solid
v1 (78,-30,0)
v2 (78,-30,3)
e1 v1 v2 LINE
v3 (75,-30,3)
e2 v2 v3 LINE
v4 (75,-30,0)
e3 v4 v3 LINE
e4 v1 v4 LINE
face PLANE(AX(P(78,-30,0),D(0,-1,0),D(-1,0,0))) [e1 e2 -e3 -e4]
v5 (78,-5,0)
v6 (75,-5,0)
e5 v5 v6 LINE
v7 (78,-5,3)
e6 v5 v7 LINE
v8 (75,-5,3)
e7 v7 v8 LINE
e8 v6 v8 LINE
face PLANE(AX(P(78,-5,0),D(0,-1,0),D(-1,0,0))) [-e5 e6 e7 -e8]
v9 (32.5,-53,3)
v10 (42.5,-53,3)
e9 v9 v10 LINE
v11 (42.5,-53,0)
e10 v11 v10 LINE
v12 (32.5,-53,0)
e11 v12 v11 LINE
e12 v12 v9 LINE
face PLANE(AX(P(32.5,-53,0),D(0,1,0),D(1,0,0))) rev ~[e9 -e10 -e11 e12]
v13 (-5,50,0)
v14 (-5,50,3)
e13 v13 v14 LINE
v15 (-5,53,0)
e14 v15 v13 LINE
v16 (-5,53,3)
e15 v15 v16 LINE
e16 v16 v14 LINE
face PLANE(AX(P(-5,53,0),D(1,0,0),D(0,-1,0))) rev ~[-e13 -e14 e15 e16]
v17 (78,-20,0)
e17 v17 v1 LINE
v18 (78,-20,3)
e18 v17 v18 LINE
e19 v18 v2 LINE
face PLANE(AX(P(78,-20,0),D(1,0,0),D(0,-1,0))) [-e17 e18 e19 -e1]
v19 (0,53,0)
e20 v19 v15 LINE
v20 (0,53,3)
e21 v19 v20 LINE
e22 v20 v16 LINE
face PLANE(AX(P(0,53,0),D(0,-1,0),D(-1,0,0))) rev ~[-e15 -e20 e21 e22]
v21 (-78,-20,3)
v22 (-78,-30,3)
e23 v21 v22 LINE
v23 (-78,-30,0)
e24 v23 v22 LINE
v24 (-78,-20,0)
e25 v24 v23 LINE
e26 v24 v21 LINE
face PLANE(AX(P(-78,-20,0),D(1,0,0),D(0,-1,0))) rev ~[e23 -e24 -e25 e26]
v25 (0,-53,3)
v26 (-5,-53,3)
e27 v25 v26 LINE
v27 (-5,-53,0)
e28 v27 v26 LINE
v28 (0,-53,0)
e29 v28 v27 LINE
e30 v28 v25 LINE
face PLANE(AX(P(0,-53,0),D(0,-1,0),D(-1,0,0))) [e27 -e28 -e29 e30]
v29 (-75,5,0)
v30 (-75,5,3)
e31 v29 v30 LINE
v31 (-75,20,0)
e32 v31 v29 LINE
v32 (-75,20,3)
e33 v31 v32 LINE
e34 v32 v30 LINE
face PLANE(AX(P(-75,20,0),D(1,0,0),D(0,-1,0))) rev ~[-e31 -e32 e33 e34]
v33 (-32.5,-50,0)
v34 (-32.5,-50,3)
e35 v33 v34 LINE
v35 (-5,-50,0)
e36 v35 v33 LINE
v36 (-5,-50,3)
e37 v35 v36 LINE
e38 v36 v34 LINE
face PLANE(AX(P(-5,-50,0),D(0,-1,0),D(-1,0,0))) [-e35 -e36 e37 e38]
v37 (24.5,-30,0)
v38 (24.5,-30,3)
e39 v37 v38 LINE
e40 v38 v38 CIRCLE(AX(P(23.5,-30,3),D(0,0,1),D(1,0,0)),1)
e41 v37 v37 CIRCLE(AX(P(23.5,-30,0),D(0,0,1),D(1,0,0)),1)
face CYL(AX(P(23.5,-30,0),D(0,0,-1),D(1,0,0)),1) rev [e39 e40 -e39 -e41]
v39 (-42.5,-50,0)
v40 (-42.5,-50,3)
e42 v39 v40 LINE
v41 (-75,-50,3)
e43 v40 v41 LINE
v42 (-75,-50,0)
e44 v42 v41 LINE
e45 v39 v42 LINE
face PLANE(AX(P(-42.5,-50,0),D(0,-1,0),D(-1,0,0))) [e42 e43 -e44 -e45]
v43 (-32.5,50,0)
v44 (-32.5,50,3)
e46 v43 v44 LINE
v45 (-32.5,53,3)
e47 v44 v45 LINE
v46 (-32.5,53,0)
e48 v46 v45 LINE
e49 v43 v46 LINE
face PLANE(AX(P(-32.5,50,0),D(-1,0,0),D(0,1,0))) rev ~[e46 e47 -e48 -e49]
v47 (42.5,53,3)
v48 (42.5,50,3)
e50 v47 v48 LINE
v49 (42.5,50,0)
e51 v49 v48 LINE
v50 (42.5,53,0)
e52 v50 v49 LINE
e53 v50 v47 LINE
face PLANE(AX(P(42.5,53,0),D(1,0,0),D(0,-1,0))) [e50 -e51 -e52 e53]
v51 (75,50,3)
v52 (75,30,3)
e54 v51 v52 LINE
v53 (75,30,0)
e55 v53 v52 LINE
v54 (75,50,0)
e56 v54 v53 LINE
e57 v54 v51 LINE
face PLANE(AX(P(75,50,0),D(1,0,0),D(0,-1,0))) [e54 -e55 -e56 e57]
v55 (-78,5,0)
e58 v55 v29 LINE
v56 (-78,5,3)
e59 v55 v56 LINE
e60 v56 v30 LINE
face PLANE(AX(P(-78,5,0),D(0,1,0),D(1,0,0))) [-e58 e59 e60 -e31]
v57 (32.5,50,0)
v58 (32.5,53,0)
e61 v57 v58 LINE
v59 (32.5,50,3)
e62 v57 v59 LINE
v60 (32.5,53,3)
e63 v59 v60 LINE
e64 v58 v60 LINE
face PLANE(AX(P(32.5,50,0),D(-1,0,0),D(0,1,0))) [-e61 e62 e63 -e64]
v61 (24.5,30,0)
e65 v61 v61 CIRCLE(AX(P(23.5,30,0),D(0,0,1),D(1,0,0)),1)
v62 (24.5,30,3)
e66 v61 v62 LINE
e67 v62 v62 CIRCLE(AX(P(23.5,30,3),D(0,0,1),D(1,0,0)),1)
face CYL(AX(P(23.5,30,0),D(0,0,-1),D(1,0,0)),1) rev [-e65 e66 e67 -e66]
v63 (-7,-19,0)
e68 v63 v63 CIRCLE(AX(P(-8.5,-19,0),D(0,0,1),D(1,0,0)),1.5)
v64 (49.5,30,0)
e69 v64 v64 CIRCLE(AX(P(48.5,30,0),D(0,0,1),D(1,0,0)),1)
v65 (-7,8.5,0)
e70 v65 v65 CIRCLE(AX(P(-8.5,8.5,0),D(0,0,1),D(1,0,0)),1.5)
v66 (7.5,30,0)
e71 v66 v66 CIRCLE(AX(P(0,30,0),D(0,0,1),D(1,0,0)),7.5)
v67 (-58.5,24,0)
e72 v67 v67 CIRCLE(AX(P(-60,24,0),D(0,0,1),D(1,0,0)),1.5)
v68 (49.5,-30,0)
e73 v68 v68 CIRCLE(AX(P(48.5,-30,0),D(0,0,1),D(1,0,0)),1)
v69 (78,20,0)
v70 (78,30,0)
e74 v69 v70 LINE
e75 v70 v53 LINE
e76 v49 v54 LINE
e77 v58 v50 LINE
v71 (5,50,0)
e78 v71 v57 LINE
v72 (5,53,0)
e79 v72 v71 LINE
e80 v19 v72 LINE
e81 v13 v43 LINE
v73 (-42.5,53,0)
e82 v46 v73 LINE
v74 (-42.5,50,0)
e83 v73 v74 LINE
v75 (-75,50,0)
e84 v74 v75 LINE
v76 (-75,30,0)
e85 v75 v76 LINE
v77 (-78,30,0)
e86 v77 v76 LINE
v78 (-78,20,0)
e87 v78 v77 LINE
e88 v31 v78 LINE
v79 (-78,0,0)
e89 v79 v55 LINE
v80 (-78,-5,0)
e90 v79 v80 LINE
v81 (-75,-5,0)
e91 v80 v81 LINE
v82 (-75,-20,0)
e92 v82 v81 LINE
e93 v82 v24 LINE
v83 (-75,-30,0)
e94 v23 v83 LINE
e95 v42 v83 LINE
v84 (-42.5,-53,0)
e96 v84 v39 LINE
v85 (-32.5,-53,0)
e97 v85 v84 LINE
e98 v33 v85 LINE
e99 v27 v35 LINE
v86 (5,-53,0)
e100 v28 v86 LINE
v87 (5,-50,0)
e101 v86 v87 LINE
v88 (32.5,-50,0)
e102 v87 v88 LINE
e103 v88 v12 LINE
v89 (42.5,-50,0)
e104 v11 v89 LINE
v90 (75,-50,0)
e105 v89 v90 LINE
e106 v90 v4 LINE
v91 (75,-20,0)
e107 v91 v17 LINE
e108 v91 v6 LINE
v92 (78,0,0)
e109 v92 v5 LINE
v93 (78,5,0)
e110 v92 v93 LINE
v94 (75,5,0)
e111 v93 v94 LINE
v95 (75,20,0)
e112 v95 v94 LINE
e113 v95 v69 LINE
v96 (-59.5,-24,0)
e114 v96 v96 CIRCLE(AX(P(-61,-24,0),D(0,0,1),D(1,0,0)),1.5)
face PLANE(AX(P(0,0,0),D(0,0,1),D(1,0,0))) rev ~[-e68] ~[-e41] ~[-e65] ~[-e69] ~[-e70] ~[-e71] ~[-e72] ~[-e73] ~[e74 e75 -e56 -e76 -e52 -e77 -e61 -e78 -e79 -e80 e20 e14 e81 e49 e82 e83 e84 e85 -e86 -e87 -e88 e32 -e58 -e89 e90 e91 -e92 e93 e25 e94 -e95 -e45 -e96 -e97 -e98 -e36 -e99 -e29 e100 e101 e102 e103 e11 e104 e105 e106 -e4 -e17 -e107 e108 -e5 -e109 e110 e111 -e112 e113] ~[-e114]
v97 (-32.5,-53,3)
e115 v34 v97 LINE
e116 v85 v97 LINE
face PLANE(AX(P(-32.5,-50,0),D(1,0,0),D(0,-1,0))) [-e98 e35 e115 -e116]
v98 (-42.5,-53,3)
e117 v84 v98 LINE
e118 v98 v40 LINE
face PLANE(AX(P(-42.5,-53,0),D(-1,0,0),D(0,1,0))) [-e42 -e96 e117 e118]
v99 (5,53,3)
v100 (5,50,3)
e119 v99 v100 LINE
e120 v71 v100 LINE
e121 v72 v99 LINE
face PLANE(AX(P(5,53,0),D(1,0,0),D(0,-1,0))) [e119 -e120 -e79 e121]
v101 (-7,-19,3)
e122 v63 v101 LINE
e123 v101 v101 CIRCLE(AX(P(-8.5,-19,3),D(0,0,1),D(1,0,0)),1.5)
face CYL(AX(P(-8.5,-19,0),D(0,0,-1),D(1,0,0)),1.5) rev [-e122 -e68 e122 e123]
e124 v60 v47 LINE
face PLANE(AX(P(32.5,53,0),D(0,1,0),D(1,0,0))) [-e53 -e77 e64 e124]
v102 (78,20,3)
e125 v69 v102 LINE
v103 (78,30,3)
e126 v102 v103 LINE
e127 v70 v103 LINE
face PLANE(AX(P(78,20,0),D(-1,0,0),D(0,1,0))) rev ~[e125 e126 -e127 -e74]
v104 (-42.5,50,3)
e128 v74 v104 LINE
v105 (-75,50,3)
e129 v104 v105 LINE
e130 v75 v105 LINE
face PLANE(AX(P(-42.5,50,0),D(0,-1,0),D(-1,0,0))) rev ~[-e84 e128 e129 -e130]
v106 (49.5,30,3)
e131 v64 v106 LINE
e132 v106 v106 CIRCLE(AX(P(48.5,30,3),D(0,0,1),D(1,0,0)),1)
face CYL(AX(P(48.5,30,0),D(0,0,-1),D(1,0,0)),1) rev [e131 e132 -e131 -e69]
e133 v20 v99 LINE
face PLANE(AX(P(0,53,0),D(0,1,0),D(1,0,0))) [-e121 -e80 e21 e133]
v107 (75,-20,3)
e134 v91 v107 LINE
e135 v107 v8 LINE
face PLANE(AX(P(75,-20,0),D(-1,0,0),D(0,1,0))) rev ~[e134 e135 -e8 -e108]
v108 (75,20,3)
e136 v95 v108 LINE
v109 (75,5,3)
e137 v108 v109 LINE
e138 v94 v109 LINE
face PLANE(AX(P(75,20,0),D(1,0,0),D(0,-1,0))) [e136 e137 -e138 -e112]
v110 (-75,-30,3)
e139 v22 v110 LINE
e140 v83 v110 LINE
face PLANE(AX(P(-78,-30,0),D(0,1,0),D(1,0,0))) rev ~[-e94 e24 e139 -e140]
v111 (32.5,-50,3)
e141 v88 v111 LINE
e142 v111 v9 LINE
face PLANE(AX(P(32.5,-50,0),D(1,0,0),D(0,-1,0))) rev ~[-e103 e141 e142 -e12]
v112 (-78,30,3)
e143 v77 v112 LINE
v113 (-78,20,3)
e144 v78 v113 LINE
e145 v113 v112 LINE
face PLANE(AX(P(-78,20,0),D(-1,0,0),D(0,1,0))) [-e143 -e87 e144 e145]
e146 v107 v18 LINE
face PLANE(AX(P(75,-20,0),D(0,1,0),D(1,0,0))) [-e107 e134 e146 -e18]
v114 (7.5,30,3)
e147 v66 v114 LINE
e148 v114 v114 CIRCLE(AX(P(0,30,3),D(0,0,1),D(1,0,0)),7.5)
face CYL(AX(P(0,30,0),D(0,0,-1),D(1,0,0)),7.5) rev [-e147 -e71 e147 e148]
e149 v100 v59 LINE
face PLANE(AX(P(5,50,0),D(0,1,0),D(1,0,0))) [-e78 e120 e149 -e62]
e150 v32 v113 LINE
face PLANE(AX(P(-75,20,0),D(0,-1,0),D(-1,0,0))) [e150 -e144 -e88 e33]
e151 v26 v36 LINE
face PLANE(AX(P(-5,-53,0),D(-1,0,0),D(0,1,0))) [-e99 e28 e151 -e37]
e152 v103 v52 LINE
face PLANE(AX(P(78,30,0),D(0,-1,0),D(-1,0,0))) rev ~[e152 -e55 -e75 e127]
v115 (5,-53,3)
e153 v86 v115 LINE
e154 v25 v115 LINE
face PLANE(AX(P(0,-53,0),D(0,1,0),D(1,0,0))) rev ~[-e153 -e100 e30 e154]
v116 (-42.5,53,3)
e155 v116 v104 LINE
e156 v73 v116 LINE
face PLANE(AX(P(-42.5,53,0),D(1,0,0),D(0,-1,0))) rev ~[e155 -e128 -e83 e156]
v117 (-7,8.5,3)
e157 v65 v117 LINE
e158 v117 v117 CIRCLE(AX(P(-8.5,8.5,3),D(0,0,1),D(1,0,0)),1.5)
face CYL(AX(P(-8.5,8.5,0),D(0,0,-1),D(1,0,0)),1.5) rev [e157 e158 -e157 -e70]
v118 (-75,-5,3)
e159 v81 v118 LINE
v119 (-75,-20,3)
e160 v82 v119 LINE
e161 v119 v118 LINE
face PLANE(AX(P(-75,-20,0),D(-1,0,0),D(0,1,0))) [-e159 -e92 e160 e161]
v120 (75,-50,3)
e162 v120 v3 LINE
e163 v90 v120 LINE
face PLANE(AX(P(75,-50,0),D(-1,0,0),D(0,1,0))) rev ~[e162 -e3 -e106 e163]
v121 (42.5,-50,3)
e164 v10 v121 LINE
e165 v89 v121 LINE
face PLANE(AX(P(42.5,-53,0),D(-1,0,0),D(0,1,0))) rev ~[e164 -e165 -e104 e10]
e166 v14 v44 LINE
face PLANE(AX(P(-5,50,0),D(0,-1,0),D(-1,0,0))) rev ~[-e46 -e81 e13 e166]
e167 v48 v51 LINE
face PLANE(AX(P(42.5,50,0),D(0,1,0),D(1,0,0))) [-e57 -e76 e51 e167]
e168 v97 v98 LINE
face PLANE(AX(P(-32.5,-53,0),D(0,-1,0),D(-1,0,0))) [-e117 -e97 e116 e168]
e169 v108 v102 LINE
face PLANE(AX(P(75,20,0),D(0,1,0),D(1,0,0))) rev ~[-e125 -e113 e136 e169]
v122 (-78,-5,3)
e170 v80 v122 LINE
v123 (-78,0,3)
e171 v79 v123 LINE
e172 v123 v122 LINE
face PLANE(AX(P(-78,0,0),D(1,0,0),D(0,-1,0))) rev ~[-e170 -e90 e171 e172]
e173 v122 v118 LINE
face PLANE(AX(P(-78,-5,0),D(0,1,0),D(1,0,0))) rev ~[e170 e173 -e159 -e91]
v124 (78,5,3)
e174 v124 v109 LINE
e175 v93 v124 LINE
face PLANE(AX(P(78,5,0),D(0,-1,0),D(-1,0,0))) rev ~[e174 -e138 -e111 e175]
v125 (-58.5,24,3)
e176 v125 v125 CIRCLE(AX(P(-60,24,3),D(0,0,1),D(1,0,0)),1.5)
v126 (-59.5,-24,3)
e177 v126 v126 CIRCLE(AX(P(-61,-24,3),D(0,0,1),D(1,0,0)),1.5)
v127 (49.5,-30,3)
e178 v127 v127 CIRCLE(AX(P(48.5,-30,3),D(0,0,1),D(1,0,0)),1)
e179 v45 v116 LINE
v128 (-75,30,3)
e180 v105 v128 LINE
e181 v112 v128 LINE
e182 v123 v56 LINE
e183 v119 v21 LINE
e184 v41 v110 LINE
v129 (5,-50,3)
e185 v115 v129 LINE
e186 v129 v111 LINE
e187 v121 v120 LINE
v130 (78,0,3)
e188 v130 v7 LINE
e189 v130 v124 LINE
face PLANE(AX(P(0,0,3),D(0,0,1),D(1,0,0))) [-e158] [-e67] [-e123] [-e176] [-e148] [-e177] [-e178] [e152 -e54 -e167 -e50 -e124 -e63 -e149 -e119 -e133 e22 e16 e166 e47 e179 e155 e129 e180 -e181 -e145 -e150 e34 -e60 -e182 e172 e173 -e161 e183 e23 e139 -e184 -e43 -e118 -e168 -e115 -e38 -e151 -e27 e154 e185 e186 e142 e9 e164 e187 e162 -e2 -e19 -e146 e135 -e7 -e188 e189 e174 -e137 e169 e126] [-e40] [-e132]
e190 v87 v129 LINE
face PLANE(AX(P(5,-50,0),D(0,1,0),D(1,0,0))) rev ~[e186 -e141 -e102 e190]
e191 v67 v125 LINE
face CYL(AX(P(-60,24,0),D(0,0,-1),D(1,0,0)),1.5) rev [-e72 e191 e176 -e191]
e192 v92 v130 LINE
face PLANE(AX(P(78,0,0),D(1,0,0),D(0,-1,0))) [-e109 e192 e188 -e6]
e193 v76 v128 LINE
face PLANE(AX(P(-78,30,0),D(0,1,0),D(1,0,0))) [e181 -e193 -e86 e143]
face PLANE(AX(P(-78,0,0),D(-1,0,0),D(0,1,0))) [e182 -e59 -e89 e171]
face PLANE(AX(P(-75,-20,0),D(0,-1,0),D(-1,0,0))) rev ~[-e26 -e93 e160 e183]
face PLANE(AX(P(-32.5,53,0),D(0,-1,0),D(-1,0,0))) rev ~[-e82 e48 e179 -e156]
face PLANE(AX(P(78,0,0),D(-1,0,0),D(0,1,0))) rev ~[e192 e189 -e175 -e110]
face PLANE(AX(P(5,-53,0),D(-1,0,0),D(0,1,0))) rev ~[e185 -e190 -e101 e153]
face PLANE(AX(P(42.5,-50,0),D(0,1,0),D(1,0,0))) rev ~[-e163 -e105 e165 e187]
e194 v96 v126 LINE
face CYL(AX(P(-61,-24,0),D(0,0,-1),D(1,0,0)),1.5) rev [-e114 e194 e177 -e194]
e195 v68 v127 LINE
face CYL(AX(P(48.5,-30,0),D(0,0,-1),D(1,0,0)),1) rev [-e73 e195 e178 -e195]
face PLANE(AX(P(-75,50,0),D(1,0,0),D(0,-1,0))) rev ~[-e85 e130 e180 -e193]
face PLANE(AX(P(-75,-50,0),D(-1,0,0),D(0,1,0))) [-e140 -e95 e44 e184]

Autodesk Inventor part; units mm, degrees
ref_plane "YZ Plane" through (0, 0, 0) normal (1, 0, 0) x (0, 1, 0)
ref_plane "XZ Plane" through (0, 0, 0) normal (0, 1, 0) x (-1, 0, 0)
ref_plane "XY Plane" through (0, 0, 0) normal (0, 0, 1) x (1, 0, 0)
sketch "Эскиз1" plane through (0, 0, 0) normal (0, 0, 1) x (1, 0, 0)
  line L0 (0, 53) -> (5, 53)
  line L1 (5, 53) -> (5, 50)
  line L2 (32.5, 53) -> (42.5, 53)
  line L3 (42.5, 53) -> (42.5, 50)
  line L4 (32.5, 50) -> (32.5, 53)
  line L5 (78, 30) -> (75, 30)
  line L6 (75, 20) -> (78, 20)
  line L7 (78, 20) -> (78, 30)
  line L8 (78, 5) -> (75, 5)
  line L9 (78, 0) -> (78, 5)
  line L10 (5, 50) -> (32.5, 50)
  line L11 (42.5, 50) -> (75, 50)
  line L12 (5, 50) -> (32.5, 50)
  line L13 (42.5, 50) -> (75, 50)
  line L14 (75, 50) -> (75, 30)
  line L15 (75, 20) -> (75, 5)
  line L16 (75, 50) -> (75, 30)
  line L17 (75, 20) -> (75, 5)
  line L18 (0, -53) -> (5, -53)
  line L19 (5, -53) -> (5, -50)
  line L20 (32.5, -53) -> (42.5, -53)
  line L21 (42.5, -53) -> (42.5, -50)
  line L22 (32.5, -50) -> (32.5, -53)
  line L23 (78, -30) -> (75, -30)
  line L24 (75, -20) -> (78, -20)
  line L25 (78, -20) -> (78, -30)
  line L26 (78, -5) -> (75, -5)
  line L27 (78, 0) -> (78, -5)
  line L28 (5, -50) -> (32.5, -50)
  line L29 (42.5, -50) -> (75, -50)
  line L30 (5, -50) -> (32.5, -50)
  line L31 (42.5, -50) -> (75, -50)
  line L32 (75, -50) -> (75, -30)
  line L33 (75, -20) -> (75, -5)
  line L34 (75, -50) -> (75, -30)
  line L35 (75, -20) -> (75, -5)
  line L36 (0, 53) -> (-5, 53)
  line L37 (-5, 53) -> (-5, 50)
  line L38 (-32.5, 53) -> (-42.5, 53)
  line L39 (-42.5, 53) -> (-42.5, 50)
  line L40 (-32.5, 50) -> (-32.5, 53)
  line L41 (-78, 30) -> (-75, 30)
  line L42 (-75, 20) -> (-78, 20)
  line L43 (-78, 20) -> (-78, 30)
  line L44 (-78, 5) -> (-75, 5)
  line L45 (-78, 0) -> (-78, 5)
  line L46 (-5, 50) -> (-32.5, 50)
  line L47 (-42.5, 50) -> (-75, 50)
  line L48 (-5, 50) -> (-32.5, 50)
  line L49 (-42.5, 50) -> (-75, 50)
  line L50 (-75, 50) -> (-75, 30)
  line L51 (-75, 20) -> (-75, 5)
  line L52 (-75, 50) -> (-75, 30)
  line L53 (-75, 20) -> (-75, 5)
  line L54 (-32.5, -53) -> (-42.5, -53)
  line L55 (-32.5, -50) -> (-32.5, -53)
  line L56 (-5, -50) -> (-32.5, -50)
  line L57 (-5, -50) -> (-32.5, -50)
  line L58 (-5, -53) -> (-5, -50)
  line L59 (0, -53) -> (-5, -53)
  line L60 (-42.5, -53) -> (-42.5, -50)
  line L61 (-42.5, -50) -> (-75, -50)
  line L62 (-42.5, -50) -> (-75, -50)
  line L63 (-75, -50) -> (-75, -30)
  line L64 (-75, -50) -> (-75, -30)
  line L65 (-78, -30) -> (-75, -30)
  line L66 (-75, -20) -> (-78, -20)
  line L67 (-78, -20) -> (-78, -30)
  line L68 (-75, -20) -> (-75, -5)
  line L69 (-75, -20) -> (-75, -5)
  line L70 (-78, -5) -> (-75, -5)
  line L71 (-78, 0) -> (-78, -5)
  circle A0 centre (23.5, 30) radius 1
  circle A1 centre (48.5, 30) radius 1
  circle A2 centre (23.5, -30) radius 1
  circle A3 centre (48.5, -30) radius 1
  circle A4 centre (-60, 24) radius 1.5
  circle A5 centre (-61, -24) radius 1.5
  circle A6 centre (-8.5, -19) radius 1.5
  circle A7 centre (-8.5, 8.5) radius 1.5
  circle A8 centre (0, 30) radius 7.5
  point P0 (37.5, 50)
  point P1 (75, 25)
  point P2 (37.5, -50)
  point P3 (75, -25)
  point P4 (-37.5, 50)
  point P5 (-37.5, -50)
  point P6 (36, 0)
  dimension "d48" = 15
extrude "Выдавливание3" add sketch "Эскиз1" along normal blind 3
sketch "Эскиз3" plane through (0, 0, 3) normal (0, 0, 1) x (1, 0, 0)
  line L0 (-75, 30) -> (-78, 30) projected
  line L1 (-42.5, 50) -> (-75, 50) projected
  line L2 (-78, 20) -> (-75, 20) projected
  line L3 (-75, 5) -> (-78, 5) projected
  line L4 (-75, -50) -> (-42.5, -50) projected
  point P0 (0, 0)
  dimension "d51" = 20
  dimension "d52" = 10
  dimension "d53" = 15
  dimension "d54" = 100
properties part number "крепления"
